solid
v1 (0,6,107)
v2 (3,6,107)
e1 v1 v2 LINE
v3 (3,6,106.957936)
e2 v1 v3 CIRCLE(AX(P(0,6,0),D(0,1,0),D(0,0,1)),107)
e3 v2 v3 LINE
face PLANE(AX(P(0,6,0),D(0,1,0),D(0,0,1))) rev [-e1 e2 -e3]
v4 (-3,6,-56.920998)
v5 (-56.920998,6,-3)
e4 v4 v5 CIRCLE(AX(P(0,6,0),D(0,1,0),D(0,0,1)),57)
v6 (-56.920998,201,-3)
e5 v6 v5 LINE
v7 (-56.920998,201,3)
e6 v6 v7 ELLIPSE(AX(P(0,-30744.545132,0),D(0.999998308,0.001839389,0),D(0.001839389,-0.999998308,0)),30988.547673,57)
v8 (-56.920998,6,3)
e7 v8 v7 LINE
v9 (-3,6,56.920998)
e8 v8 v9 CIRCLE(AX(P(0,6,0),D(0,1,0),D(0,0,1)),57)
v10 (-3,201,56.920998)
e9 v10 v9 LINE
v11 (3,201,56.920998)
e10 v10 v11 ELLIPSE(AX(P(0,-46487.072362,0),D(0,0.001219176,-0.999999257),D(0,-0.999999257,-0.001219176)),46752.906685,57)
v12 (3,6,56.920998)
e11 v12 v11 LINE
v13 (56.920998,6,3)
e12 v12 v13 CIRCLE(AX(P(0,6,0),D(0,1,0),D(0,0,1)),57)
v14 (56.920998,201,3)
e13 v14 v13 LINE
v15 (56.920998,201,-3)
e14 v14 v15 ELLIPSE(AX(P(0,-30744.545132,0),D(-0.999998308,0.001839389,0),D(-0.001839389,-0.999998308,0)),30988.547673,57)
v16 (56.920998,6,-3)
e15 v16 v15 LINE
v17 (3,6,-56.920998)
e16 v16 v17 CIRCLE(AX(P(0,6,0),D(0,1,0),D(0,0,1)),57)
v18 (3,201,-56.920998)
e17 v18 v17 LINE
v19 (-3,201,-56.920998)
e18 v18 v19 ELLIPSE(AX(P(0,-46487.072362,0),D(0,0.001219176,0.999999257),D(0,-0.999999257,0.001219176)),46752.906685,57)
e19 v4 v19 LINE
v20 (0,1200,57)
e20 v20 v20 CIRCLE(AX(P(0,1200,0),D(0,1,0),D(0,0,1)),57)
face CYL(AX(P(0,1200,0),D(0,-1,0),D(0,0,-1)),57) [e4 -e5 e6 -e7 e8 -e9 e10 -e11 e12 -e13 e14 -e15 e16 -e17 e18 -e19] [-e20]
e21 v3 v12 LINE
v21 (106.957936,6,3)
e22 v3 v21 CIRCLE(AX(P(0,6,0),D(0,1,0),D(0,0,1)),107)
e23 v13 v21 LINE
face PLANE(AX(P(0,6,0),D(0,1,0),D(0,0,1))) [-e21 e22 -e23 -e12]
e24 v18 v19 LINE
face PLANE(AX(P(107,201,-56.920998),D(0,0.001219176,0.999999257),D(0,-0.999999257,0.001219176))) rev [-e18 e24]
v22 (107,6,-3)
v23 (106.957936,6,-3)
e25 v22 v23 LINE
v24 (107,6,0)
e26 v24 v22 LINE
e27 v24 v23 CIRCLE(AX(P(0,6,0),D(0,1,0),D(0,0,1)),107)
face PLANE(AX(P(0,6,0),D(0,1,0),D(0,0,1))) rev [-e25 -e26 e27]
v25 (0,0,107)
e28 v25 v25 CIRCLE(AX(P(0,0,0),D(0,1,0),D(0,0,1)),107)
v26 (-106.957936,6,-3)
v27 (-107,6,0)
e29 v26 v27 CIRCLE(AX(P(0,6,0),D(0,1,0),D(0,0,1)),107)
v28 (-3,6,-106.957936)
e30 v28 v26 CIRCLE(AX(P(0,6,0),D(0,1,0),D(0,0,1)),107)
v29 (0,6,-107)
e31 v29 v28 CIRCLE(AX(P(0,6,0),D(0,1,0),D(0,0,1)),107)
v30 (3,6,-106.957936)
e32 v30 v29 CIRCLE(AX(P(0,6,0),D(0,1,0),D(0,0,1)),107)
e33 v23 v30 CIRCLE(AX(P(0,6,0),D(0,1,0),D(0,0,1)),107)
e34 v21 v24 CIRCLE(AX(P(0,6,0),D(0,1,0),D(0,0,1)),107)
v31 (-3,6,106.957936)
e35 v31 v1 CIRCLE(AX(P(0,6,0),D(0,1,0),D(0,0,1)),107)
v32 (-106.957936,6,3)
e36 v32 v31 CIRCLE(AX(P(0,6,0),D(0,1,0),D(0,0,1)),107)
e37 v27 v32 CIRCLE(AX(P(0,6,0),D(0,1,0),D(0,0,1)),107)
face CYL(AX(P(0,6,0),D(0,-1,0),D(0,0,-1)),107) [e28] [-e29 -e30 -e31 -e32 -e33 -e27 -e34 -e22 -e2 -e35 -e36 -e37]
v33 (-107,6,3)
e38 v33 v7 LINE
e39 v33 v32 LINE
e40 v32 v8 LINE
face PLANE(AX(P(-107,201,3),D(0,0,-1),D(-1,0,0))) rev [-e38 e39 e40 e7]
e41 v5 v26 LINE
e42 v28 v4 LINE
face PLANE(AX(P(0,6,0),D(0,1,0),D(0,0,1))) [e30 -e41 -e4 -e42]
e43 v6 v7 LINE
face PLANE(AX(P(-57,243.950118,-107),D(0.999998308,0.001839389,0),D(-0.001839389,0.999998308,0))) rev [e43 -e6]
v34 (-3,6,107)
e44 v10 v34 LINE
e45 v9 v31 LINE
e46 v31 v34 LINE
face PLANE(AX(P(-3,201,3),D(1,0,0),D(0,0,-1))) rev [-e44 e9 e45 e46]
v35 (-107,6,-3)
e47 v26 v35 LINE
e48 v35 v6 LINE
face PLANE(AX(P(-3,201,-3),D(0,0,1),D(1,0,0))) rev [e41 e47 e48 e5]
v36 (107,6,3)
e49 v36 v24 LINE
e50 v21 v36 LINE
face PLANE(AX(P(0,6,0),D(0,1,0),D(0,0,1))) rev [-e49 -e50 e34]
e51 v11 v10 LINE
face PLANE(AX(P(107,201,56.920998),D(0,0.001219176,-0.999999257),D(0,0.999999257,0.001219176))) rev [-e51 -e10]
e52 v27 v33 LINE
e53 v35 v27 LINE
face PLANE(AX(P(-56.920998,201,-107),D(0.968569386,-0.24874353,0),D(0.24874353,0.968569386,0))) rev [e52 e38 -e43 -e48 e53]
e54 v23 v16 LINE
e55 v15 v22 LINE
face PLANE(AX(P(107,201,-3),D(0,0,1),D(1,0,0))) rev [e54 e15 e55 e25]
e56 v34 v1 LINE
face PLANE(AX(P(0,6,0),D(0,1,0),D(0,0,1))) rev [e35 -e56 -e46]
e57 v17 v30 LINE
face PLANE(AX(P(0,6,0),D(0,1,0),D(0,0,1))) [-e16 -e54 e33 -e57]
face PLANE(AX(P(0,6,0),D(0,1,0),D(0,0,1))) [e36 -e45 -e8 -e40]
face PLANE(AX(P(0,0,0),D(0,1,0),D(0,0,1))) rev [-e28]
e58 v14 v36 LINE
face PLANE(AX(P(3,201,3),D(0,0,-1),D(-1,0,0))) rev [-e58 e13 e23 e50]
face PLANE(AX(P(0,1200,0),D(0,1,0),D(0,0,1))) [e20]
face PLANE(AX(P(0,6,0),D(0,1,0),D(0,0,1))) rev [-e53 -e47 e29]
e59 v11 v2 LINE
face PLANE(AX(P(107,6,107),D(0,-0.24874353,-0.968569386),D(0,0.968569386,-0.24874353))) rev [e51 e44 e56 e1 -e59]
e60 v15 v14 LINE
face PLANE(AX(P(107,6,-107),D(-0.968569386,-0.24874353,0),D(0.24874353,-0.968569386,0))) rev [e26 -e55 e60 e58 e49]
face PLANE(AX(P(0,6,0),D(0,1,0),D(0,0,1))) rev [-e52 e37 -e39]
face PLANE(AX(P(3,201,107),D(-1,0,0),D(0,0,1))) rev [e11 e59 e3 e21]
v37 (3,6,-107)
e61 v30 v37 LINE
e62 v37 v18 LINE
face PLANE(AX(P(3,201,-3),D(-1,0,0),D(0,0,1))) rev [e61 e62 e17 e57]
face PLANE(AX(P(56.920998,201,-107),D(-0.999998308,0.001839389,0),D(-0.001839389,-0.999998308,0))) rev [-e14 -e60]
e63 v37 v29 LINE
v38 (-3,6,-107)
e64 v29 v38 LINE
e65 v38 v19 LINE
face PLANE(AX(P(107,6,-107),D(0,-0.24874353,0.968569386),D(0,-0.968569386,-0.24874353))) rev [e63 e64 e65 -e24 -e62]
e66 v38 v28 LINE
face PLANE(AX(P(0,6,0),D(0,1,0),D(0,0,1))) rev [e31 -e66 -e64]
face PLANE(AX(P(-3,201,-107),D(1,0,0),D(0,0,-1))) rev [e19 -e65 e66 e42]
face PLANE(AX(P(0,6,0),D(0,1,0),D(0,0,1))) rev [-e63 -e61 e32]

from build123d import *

# Parameters (mm, degrees)
SKETCH1_R           = 107
BOSS_EXTRUDE1_DEPTH = 6
SKETCH2_R           = 57
BOSS_EXTRUDE2_DEPTH = 1194
BOSS_EXTRUDE3_DEPTH = 195
CUT_EXTRUDE1_DEPTH  = 1210.772292624
CUT_EXTRUDE2_DEPTH  = 1210.772292624


with BuildPart() as part:
    # Sketch1 → Boss-Extrude1 (new body)
    with BuildSketch(Plane(origin=(0, 0, 0), x_dir=(1, 0, 0), z_dir=(0, 1, 0))):
        with Locations(Location((0, 0, 0), (0, 0, 270))):
            Circle(SKETCH1_R)
    extrude(amount=BOSS_EXTRUDE1_DEPTH)

    # Sketch2 → Boss-Extrude2 (add)
    with BuildSketch(Plane(origin=(0, 6, 0), x_dir=(1, 0, 0), z_dir=(0, 1, 0))):
        with Locations(Location((0, 0, 0), (0, 0, 270))):
            Circle(SKETCH2_R)
    extrude(amount=BOSS_EXTRUDE2_DEPTH)

    # Sketch3 → Boss-Extrude3 (add)
    with BuildSketch(Plane(origin=(0, 6, 0), x_dir=(1, 0, 0), z_dir=(0, 1, 0))):
        Polygon((-107, 0), (-107, -3), (-3, -3), (-3, -107), (3, -107), (3, -3), (107, -3), (107, 3), (3, 3), (3, 107), (0, 107), (-3, 107), (-3, 3), (-107, 3), align=None)
    extrude(amount=BOSS_EXTRUDE3_DEPTH)

    # Sketch4 → Cut-Extrude1 (cut, through all)
    with BuildSketch(Plane.XY.offset(3)):
        Polygon((-56.920997883, 201), (-107, 6), (-153.843462946, 6), (-153.843462946, 243.950118008), (-57, 243.950118008), align=None)
        Polygon((107, 6), (56.920997883, 201), (57, 243.950118008), (157.678532458, 243.950118008), (157.678532458, 6), align=None)
    extrude(amount=-CUT_EXTRUDE1_DEPTH, mode=Mode.SUBTRACT)

    # Sketch6 → Cut-Extrude2 (cut, through all)
    with BuildSketch(Plane.ZY.offset(3)):
        Polygon((-107, 6), (-56.920997883, 201), (-57, 265.799576447), (-234.352889602, 265.799576447), (-234.352889602, 6), align=None)
        Polygon((107, 6), (56.920997883, 201), (57, 265.799576447), (191.443205591, 265.799576447), (191.443205591, 6), align=None)
    extrude(amount=-CUT_EXTRUDE2_DEPTH, mode=Mode.SUBTRACT)


solid = part.part
